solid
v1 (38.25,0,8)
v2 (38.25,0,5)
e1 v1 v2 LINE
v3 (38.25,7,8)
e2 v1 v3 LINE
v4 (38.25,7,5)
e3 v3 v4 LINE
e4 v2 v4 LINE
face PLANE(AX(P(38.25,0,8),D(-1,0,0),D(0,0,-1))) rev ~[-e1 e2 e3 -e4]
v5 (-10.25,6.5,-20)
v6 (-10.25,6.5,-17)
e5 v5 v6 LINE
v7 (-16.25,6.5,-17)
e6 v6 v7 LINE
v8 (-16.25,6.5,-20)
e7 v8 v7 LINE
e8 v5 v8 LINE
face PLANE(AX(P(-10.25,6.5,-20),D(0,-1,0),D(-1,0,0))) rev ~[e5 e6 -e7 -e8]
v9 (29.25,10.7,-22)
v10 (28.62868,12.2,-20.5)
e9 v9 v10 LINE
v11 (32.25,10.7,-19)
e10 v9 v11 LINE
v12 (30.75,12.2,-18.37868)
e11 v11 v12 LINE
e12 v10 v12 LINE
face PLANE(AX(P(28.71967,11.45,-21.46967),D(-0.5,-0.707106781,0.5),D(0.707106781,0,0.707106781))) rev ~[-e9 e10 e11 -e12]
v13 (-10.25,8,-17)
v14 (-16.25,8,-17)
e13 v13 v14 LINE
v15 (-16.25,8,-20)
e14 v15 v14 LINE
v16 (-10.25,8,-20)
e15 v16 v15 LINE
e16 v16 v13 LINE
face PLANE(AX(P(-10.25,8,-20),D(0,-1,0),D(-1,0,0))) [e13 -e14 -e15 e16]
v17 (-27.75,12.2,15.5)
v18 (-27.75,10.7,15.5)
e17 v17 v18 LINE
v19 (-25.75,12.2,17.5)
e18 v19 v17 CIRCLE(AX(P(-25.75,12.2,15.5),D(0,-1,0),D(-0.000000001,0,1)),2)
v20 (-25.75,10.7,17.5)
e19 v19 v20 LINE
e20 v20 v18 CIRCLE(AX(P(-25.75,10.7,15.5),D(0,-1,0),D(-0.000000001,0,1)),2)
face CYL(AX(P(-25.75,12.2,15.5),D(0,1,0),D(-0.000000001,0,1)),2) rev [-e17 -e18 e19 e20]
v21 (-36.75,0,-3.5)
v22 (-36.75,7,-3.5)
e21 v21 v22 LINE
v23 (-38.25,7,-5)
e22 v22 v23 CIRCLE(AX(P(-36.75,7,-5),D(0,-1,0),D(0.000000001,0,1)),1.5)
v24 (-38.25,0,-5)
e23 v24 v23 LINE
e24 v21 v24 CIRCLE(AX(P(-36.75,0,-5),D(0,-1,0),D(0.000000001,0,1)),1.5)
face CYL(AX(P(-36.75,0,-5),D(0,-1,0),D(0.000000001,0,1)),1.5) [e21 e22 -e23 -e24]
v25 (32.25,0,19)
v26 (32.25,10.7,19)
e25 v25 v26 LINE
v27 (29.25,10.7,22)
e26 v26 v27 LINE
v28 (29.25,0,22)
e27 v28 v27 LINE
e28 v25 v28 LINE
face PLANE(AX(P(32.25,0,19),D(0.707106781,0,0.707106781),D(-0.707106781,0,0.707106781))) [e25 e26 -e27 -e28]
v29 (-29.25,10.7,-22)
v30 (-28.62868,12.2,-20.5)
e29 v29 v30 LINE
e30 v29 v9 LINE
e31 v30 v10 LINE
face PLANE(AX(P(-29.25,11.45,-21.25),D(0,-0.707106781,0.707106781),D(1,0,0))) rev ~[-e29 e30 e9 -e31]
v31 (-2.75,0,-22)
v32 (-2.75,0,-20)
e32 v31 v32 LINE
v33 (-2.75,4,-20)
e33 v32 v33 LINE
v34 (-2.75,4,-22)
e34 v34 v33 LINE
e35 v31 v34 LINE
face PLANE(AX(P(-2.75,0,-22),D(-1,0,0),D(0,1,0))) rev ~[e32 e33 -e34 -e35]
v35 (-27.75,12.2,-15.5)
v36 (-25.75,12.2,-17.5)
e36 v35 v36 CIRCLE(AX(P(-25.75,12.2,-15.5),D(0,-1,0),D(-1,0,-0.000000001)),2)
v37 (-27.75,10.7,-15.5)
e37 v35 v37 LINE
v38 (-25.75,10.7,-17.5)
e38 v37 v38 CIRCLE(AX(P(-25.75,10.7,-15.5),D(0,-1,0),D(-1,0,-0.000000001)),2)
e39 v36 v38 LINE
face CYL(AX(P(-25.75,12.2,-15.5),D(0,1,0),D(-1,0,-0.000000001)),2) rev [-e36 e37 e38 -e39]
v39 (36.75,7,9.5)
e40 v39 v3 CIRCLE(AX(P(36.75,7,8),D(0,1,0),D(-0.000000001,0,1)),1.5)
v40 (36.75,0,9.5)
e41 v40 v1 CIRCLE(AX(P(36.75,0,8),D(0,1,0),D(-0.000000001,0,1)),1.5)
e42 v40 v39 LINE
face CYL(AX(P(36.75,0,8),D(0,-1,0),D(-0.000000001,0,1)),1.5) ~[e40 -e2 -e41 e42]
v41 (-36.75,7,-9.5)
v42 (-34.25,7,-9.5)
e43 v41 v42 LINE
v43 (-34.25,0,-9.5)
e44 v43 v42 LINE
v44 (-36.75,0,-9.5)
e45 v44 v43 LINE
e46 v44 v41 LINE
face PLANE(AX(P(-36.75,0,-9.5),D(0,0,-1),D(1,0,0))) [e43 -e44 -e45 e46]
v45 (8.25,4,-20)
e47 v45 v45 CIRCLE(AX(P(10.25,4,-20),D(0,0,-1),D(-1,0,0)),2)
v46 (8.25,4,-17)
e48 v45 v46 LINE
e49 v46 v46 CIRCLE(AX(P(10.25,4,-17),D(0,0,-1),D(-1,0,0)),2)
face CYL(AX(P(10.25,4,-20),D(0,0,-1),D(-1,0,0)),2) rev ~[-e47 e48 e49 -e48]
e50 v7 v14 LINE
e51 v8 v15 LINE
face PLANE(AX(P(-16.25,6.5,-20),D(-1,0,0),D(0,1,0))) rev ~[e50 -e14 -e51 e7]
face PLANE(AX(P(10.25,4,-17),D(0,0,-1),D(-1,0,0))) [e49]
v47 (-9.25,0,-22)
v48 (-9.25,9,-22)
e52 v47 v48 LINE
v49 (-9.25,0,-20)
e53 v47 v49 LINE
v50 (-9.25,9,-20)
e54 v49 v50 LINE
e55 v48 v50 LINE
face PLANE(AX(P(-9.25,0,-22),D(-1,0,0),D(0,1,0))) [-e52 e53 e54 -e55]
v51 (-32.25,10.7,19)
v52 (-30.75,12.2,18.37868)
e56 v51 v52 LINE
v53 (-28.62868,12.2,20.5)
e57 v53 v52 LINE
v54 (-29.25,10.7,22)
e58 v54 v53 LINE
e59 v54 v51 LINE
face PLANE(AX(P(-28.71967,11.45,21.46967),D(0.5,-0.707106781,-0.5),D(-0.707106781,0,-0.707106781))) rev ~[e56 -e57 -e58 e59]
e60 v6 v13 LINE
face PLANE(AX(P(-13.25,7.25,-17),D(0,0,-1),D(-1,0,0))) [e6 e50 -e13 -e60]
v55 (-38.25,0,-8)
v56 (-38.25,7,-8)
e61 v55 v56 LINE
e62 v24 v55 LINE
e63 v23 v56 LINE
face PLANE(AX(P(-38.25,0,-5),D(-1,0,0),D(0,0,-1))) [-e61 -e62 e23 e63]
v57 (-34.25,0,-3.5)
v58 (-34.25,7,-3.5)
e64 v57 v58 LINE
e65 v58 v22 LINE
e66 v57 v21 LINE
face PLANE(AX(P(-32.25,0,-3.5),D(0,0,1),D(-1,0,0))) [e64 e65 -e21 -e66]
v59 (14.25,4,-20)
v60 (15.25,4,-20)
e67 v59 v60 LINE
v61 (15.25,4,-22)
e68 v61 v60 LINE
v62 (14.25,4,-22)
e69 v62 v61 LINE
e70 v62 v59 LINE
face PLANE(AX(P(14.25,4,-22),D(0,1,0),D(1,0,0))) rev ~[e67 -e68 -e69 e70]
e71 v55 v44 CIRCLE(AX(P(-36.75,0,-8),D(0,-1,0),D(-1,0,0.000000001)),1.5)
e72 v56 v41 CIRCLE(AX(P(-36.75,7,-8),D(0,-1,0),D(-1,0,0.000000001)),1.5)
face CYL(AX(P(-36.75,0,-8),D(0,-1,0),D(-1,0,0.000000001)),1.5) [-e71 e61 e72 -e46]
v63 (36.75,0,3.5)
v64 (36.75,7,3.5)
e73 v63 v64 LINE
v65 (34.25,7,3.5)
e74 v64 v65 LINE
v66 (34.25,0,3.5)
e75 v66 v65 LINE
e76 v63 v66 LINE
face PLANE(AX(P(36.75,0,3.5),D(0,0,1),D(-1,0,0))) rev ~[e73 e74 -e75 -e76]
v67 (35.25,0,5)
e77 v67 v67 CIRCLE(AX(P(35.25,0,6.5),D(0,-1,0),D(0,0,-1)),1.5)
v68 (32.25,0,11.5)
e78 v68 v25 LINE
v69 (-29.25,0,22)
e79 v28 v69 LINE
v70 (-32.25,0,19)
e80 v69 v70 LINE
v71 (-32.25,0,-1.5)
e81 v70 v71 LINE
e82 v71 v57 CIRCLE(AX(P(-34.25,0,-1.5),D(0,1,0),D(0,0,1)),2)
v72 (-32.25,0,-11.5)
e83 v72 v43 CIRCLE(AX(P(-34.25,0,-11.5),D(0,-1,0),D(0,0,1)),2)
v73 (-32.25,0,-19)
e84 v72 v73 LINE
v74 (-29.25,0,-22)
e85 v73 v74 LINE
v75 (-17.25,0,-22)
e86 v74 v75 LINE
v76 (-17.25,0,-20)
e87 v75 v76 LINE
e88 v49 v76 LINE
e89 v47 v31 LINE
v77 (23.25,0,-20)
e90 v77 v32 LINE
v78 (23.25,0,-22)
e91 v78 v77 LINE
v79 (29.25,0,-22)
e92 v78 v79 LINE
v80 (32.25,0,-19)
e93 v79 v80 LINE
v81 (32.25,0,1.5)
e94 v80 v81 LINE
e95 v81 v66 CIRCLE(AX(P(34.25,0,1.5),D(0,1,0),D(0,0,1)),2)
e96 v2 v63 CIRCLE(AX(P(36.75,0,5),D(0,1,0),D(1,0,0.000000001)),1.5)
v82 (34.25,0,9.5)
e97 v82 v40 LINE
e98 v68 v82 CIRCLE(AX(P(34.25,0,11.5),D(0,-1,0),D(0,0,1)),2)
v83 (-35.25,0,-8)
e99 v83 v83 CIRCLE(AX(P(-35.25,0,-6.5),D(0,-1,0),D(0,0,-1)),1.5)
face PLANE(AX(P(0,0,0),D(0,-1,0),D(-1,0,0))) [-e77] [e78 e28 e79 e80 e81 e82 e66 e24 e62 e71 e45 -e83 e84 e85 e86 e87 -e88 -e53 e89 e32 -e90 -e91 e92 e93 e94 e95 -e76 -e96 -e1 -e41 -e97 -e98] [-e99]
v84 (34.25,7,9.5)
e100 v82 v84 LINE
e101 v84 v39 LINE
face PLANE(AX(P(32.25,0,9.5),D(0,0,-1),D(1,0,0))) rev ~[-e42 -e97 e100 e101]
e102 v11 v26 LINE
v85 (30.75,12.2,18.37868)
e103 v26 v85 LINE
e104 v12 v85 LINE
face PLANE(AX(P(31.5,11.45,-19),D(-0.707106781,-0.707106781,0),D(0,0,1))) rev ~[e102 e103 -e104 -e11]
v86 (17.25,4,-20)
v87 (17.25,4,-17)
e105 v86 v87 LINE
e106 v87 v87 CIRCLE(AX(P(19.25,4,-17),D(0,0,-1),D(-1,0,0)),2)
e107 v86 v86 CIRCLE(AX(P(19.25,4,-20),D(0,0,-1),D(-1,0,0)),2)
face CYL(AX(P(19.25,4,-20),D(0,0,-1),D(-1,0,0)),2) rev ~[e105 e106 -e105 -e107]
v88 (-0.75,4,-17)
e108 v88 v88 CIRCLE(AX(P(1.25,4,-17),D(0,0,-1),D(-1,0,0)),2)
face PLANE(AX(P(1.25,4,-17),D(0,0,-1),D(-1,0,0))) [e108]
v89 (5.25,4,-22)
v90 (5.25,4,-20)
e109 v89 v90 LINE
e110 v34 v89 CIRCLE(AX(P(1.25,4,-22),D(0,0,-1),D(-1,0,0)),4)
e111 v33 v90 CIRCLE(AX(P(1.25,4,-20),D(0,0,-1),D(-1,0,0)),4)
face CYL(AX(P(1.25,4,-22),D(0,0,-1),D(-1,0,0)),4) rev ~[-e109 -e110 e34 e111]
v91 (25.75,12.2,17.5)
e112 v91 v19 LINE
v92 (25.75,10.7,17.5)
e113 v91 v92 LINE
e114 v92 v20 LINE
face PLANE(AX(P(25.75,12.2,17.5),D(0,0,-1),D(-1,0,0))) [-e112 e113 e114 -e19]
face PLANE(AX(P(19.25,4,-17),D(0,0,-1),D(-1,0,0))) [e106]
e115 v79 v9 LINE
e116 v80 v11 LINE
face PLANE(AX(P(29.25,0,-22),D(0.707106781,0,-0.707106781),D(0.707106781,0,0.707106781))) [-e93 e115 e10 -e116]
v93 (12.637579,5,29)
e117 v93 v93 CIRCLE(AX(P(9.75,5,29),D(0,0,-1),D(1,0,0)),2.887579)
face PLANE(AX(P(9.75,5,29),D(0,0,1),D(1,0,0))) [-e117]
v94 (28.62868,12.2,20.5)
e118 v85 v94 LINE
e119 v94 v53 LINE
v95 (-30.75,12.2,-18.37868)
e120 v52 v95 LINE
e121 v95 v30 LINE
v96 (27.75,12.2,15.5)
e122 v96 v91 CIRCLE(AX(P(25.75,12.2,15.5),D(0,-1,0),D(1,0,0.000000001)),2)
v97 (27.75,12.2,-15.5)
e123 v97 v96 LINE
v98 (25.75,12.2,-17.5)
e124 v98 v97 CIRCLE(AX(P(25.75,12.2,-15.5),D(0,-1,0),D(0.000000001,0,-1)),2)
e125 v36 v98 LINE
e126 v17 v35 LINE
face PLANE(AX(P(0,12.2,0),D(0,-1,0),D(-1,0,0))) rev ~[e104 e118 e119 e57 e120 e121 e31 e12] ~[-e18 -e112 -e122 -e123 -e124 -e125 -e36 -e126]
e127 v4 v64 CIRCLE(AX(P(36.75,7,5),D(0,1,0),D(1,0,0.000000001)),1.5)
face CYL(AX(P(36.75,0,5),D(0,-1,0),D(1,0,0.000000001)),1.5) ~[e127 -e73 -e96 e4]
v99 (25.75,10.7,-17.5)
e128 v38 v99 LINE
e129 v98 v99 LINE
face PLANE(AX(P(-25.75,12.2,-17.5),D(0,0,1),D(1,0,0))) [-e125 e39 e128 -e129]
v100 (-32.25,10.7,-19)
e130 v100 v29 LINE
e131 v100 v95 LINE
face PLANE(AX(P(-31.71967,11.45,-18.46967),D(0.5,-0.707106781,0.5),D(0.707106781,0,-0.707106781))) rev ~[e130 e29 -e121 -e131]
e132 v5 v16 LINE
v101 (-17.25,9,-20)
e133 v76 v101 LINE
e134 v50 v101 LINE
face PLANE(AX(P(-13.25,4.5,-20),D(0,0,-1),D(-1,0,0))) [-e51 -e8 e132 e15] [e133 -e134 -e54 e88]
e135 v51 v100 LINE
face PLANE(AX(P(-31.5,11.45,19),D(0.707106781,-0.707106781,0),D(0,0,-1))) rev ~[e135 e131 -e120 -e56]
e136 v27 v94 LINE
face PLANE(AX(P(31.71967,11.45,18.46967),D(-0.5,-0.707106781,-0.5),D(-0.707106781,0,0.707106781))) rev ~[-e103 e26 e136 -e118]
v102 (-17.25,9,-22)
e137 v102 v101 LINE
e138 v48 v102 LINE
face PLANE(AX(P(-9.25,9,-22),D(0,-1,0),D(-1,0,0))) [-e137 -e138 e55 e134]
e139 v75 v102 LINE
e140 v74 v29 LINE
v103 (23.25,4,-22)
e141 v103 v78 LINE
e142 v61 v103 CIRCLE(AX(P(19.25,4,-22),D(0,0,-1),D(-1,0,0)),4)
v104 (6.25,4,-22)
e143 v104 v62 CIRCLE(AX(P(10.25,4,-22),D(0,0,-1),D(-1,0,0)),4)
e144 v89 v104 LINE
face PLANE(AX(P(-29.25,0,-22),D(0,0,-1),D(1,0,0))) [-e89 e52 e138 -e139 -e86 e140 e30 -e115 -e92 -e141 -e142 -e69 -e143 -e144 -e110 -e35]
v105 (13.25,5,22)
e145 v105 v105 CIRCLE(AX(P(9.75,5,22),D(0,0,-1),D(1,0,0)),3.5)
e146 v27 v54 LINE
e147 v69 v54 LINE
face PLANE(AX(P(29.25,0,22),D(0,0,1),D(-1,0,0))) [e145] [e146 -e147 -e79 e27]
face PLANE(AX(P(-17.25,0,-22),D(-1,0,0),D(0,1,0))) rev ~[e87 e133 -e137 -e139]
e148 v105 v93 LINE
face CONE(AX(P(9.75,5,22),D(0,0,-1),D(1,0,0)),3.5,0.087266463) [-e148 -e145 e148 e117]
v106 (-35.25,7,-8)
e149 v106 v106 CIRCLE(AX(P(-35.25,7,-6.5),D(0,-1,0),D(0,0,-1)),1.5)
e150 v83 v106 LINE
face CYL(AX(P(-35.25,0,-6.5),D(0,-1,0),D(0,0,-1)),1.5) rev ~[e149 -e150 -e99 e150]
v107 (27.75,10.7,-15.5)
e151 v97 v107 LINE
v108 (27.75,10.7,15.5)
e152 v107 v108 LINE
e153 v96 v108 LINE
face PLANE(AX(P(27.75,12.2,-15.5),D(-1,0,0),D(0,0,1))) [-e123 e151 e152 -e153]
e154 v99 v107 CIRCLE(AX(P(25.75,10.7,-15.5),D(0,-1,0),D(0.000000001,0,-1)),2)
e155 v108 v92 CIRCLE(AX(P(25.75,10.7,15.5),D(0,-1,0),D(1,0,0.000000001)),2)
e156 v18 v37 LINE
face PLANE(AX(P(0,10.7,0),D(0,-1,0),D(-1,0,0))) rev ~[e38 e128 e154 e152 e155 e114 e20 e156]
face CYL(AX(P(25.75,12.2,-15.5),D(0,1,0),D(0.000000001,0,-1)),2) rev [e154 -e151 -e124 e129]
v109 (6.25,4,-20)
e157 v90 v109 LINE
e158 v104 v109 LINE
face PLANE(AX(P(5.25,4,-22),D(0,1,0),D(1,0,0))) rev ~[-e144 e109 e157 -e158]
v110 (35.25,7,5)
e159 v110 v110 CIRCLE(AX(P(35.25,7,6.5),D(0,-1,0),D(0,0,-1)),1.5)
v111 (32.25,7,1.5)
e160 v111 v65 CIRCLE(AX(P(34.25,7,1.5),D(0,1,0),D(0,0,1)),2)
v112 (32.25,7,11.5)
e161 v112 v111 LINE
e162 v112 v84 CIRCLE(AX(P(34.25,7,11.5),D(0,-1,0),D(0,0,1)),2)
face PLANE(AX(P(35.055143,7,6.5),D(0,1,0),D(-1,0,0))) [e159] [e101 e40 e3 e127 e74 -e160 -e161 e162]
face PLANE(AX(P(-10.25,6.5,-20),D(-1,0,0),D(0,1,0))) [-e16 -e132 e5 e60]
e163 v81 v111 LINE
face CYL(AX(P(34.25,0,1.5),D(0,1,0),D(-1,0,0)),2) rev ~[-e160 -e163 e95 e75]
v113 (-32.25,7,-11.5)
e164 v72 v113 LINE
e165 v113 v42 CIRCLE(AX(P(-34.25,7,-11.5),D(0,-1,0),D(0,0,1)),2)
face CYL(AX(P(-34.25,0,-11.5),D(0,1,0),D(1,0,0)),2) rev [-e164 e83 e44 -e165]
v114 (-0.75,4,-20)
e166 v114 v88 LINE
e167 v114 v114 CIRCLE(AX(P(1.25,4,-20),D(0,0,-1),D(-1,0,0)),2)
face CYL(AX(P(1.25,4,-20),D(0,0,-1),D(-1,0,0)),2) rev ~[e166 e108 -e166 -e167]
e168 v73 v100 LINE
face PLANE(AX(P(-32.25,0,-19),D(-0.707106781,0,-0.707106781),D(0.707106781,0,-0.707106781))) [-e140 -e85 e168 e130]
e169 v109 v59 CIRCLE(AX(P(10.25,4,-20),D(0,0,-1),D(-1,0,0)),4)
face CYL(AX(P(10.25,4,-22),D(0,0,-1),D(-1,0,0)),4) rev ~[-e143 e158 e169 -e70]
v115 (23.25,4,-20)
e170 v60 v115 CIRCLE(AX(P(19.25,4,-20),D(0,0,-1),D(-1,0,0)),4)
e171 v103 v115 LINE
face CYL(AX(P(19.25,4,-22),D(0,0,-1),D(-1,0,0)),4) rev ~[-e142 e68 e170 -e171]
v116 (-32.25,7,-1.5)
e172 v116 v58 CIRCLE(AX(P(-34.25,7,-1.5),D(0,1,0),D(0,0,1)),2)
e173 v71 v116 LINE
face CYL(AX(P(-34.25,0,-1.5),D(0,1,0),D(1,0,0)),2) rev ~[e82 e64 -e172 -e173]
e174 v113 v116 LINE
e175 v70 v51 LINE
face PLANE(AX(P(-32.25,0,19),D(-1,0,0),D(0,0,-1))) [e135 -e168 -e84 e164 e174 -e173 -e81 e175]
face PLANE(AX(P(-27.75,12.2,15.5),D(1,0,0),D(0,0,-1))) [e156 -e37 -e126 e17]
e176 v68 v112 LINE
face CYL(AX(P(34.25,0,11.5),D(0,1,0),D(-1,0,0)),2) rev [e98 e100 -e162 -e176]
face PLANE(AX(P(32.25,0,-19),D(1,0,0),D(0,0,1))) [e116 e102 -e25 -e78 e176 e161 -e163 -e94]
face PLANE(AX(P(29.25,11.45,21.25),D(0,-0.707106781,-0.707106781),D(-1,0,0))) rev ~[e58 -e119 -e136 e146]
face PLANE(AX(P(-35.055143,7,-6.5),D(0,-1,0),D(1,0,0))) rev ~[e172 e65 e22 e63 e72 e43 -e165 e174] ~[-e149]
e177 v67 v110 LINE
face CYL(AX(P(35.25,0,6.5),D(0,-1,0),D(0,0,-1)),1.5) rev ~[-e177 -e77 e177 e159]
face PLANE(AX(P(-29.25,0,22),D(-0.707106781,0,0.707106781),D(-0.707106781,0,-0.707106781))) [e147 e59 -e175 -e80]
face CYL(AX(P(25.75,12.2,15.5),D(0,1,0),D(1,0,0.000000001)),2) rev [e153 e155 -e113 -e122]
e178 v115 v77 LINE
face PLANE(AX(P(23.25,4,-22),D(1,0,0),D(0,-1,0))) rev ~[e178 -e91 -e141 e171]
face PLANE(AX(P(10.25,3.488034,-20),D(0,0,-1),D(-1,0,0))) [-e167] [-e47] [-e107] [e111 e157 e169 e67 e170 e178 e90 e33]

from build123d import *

# Parameters (mm, degrees)
EXTRUDE_1_DEPTH     = 12.2
CHAMFER_1_SIZE      = 1.5
CUT_EXTRUDE_1_DEPTH = 1.5
SKETCH_3_R          = 1.5
EXTRUDE_2_DEPTH     = 7
FILLET_1_R          = 2
SKETCH_4_R          = 3.5
EXTRUDE_3_DEPTH     = 7
EXTRUDE_3_TAPER     = 5
SKETCH_5_W          = 8
SKETCH_5_H          = 9
CUT_EXTRUDE_2_DEPTH = 2
SKETCH_6_R          = 2
SKETCH_6_W          = 6
SKETCH_6_H          = 1.5
CUT_EXTRUDE_3_DEPTH = 3


with BuildPart() as part:
    # 草图1 → 凸台-拉伸1 (new body)
    with BuildSketch(Plane(origin=(0, 0, 0), x_dir=(1, 0, 0), z_dir=(0, 1, 0))):
        Polygon((-32.25, 19), (-29.25, 22), (29.25, 22), (32.25, 19), (32.25, -19), (29.25, -22), (-29.25, -22), (-32.25, -19), align=None)
    extrude(amount=EXTRUDE_1_DEPTH)

    # 倒角1
    chamfer_1_edges = [part.edges().sort_by_distance(p)[0] for p in [
        (0, 12.2, 22),
        (30.75, 12.2, 20.5),
        (32.25, 12.2, 0),
        (30.75, 12.2, -20.5),
        (0, 12.2, -22),
        (-30.75, 12.2, -20.5),
        (-32.25, 12.2, 0),
        (-30.75, 12.2, 20.5),
    ]]
    chamfer(chamfer_1_edges, length=CHAMFER_1_SIZE)

    # 草图2 → 切除-拉伸1 (cut)
    with BuildSketch(Plane(origin=(0, 12.2, 0), x_dir=(1, 0, 0), z_dir=(0, 1, 0))):
        with BuildLine():
            Line((-25.75, 17.5), (25.75, 17.5))
            ThreePointArc((25.75, 17.5), (27.164213562, 16.914213562), (27.75, 15.5))
            Line((27.75, 15.5), (27.75, -15.5))
            ThreePointArc((27.75, -15.5), (27.164213562, -16.914213562), (25.75, -17.5))
            Line((25.75, -17.5), (-25.75, -17.5))
            ThreePointArc((-25.75, -17.5), (-27.164213562, -16.914213562), (-27.75, -15.5))
            Line((-27.75, -15.5), (-27.75, 15.5))
            ThreePointArc((-27.75, 15.5), (-27.164213562, 16.914213562), (-25.75, 17.5))
        make_face()
    extrude(amount=-CUT_EXTRUDE_1_DEPTH, mode=Mode.SUBTRACT)

    # 草图3 → 凸台-拉伸2 (add)
    # profile 1 of 2: a face of its own
    with BuildSketch(Plane.XZ):
        with BuildLine():
            Line((32.25, 9.5), (36.75, 9.5))
            ThreePointArc((36.75, 9.5), (37.810660172, 9.060660172), (38.25, 8))
            Line((38.25, 8), (38.25, 5))
            ThreePointArc((38.25, 5), (37.810660172, 3.939339828), (36.75, 3.5))
            Line((36.75, 3.5), (32.25, 3.5))
            Line((32.25, 3.5), (32.25, 9.5))
        make_face()
        with Locations(Location((35.25, 6.5, 0), (0, 0, 270))):
            Circle(SKETCH_3_R, mode=Mode.SUBTRACT)
    # profile 2 of 2: a face of its own
    with BuildSketch(Plane.XZ):
        with BuildLine():
            Line((-32.25, -3.5), (-36.75, -3.5))
            ThreePointArc((-36.75, -3.5), (-37.810660172, -3.939339828), (-38.25, -5))
            Line((-38.25, -5), (-38.25, -8))
            ThreePointArc((-38.25, -8), (-37.810660172, -9.060660172), (-36.75, -9.5))
            Line((-36.75, -9.5), (-32.25, -9.5))
            Line((-32.25, -9.5), (-32.25, -3.5))
        make_face()
        with Locations(Location((-35.25, -6.5, 0), (0, 0, 270))):
            Circle(SKETCH_3_R, mode=Mode.SUBTRACT)
    extrude(amount=-EXTRUDE_2_DEPTH)

    # 圆角1
    fillet_1_edges = [part.edges().sort_by_distance(p)[0] for p in [
        (32.25, 3.5, 3.5),
        (32.25, 3.5, 9.5),
        (-32.25, 3.5, -3.5),
        (-32.25, 3.5, -9.5),
    ]]
    fillet(fillet_1_edges, radius=FILLET_1_R)

    # 草图4 → 凸台-拉伸3 (add)
    with BuildSketch(Plane.XY.offset(22)):
        with Locations((9.75, 5)):
            Circle(SKETCH_4_R)
    extrude(amount=EXTRUDE_3_DEPTH, taper=EXTRUDE_3_TAPER)

    # 草图5 → 切除-拉伸2 (cut)
    with BuildSketch(Plane(origin=(0, 0, -22), x_dir=(-1, 0, 0), z_dir=(0, 0, -1))):
        with BuildLine():
            Line((-23.25, 4), (-23.25, 0))
            Line((-23.25, 0), (2.75, 0))
            Line((2.75, 0), (2.75, 4))
            ThreePointArc((2.75, 4), (-1.25, 8), (-5.25, 4))
            Line((-5.25, 4), (-6.25, 4))
            ThreePointArc((-6.25, 4), (-10.25, 8), (-14.25, 4))
            Line((-14.25, 4), (-15.25, 4))
            ThreePointArc((-15.25, 4), (-19.25, 8), (-23.25, 4))
        make_face()
        with Locations((13.25, 4.5)):
            Rectangle(SKETCH_5_W, SKETCH_5_H)
    extrude(amount=-CUT_EXTRUDE_2_DEPTH, mode=Mode.SUBTRACT)

    # 草图6 → 切除-拉伸3 (cut)
    with BuildSketch(Plane(origin=(0, 0, -20), x_dir=(-1, 0, 0), z_dir=(0, 0, -1))):
        with Locations((-19.25, 4)):
            Circle(SKETCH_6_R)
        with Locations((-10.25, 4)):
            Circle(SKETCH_6_R)
        with Locations((-1.25, 4)):
            Circle(SKETCH_6_R)
        with Locations((13.25, 7.25)):
            Rectangle(SKETCH_6_W, SKETCH_6_H)
    extrude(amount=-CUT_EXTRUDE_3_DEPTH, mode=Mode.SUBTRACT)


solid = part.part
